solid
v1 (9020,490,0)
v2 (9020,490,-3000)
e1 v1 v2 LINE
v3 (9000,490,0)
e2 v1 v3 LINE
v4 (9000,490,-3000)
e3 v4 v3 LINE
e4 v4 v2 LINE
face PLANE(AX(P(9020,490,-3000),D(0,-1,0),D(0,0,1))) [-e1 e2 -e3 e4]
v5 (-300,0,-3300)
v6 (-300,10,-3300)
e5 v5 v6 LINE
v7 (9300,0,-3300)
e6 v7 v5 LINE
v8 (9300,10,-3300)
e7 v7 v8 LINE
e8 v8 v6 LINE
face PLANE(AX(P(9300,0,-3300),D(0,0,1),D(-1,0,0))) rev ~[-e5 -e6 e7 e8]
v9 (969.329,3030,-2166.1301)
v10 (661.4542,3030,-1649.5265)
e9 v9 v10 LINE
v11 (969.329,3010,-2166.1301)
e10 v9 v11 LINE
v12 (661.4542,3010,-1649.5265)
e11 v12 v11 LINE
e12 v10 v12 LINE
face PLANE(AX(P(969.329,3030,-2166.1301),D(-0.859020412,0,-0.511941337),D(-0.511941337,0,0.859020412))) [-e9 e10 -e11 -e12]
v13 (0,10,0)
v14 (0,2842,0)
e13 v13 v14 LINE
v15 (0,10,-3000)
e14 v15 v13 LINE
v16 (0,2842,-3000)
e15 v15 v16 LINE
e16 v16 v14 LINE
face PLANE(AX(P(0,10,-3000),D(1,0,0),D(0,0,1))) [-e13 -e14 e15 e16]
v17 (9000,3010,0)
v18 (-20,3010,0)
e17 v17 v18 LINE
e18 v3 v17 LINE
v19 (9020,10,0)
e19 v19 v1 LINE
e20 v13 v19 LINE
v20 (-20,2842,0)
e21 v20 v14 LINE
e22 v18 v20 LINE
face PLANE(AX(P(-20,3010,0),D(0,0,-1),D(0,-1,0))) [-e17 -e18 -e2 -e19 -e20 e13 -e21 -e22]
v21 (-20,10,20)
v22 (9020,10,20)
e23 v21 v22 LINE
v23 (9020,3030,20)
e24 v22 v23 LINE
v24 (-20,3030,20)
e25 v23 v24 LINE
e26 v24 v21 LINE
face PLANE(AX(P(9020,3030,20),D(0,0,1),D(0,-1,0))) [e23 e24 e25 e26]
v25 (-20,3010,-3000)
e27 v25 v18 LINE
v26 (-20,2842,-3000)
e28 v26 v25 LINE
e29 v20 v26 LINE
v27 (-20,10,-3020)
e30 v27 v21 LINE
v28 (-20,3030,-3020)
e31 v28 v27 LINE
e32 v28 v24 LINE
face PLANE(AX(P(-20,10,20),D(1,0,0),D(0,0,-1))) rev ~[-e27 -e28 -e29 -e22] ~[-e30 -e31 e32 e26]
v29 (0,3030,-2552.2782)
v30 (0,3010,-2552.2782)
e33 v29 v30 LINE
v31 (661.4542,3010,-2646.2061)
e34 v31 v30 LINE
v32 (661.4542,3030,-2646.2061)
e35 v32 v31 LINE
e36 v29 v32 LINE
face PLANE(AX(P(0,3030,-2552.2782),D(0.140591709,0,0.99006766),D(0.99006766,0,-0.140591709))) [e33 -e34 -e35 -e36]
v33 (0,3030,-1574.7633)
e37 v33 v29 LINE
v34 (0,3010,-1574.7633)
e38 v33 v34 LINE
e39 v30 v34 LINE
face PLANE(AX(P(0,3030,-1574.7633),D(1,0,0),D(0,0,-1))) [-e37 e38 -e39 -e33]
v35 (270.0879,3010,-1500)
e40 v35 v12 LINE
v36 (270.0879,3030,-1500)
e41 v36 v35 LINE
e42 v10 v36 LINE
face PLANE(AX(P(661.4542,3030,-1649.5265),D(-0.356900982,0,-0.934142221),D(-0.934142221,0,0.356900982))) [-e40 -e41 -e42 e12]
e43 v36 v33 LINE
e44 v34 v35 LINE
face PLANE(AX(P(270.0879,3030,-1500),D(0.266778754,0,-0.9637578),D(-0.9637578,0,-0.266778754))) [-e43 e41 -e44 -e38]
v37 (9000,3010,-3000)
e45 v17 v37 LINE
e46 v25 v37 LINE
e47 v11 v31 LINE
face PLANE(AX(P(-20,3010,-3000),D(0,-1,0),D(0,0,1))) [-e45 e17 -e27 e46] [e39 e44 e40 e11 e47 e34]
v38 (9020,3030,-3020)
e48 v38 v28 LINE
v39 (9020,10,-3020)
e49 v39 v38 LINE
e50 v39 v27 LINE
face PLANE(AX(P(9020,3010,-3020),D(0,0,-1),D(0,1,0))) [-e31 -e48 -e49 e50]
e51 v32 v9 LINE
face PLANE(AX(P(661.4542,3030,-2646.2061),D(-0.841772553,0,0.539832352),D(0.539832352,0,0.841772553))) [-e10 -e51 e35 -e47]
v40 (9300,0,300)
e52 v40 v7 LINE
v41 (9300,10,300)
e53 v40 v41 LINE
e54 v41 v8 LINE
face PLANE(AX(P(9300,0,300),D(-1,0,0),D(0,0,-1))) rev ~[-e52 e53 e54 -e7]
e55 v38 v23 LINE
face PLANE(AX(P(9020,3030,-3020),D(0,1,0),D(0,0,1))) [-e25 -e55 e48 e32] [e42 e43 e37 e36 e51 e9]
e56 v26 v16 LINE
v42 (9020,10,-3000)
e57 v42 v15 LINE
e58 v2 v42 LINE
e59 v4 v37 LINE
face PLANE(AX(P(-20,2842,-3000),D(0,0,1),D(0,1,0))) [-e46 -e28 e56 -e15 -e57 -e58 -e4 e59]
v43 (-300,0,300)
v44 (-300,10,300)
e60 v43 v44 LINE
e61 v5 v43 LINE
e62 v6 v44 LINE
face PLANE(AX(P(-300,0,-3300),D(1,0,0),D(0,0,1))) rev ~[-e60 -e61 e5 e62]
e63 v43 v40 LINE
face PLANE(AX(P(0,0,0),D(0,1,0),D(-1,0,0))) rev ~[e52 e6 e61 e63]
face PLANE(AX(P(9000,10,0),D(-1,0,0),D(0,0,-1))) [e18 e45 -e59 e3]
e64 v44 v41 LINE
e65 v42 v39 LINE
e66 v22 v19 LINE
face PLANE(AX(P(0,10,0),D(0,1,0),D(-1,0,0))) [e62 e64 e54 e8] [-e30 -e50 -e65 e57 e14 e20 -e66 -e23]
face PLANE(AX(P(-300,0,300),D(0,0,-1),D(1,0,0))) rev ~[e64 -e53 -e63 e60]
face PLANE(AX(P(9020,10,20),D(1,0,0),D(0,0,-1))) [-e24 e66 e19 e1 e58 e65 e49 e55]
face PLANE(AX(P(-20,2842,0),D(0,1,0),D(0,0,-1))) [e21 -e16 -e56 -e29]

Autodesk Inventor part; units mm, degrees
ref_plane "YZ Plane" through (0, 0, 0) normal (1, 0, 0) x (0, 1, 0)
ref_plane "XZ Plane" through (0, 0, 0) normal (0, 1, 0) x (-1, 0, 0)
ref_plane "XY Plane" through (0, 0, 0) normal (0, 0, 1) x (1, 0, 0)
sketch "Sketch1" plane through (0, 0, 0) normal (0, 1, 0) x (-1, 0, 0)
  line L0 (300, 300) -> (-9300, 300)
  line L1 (-9300, 300) -> (-9300, -3300)
  line L2 (-9300, -3300) -> (300, -3300)
  line L3 (300, -3300) -> (300, 300)
  point P0 (0, 0)
  dimension "d0" = 3600
  dimension "d2" = 9600
  dimension "d3" = 300
  dimension "d4" = 300
extrude "Extrusion1" add sketch "Sketch1" along normal blind 10
sketch "Sketch2" plane through (0, 10, 0) normal (0, 1, 0) x (1, 0, 0)
  line L0 (0, 0) -> (9000, 0)
  line L1 (9000, 0) -> (9000, 3000)
  line L2 (9000, 3000) -> (0, 3000)
  line L3 (0, 3000) -> (0, 0)
  line L4 (-20, -20) -> (9020, -20)
  line L5 (9020, -20) -> (9020, 3020)
  line L6 (9020, 3020) -> (-20, 3020)
  line L7 (-20, 3020) -> (-20, -20)
  dimension "d7" = 9000
  dimension "d9" = 3000
  dimension "d10" = 20
  dimension "d11" = 20
  dimension "d12" = 20
  dimension "d13" = 20
extrude "Extrusion2" add sketch "Sketch2" along normal blind 3000
sketch "Sketch3" plane through (9020, 10, 20) normal (1, 0, 0) x (0, 0, -1)
  line L0 (0, 3000) -> (3040, 3000)
  line L1 (3040, 3000) -> (3040, 3020)
  line L2 (3040, 3020) -> (0, 3020)
  line L3 (0, 3020) -> (0, 3000)
  point P0 (20, -10)
  dimension "d16" = 20
extrude "Extrusion3" add sketch "Sketch3" against normal blind 9040
sketch "Sketch4" plane through (9020, 10, 20) normal (1, 0, 0) x (0, 0, -1)
  line L0 (3040, 0) -> (0, 0) projected
  line L1 (0, 0) -> (0, 3020) projected
  line L2 (20, 0) -> (3020, 0)
  line L3 (3020, 0) -> (3020, 480)
  line L4 (3020, 480) -> (20, 480)
  line L5 (20, 480) -> (20, 0)
  point P0 (20, -10)
  dimension "d20" = 20
  dimension "d21" = 480
  dimension "d22" = 3000
extrude "Extrusion4" cut sketch "Sketch4" along normal mid plane 40
sketch "Sketch5" plane through (-20, 10, -3020) normal (-1, 0, 0) x (0, 0, 1)
  line L0 (3040, 3020) -> (0, 3020) projected
  line L1 (0, 0) -> (0, 3020) projected
  line L2 (20, 3000) -> (3020, 3000)
  line L3 (3020, 3000) -> (3020, 2832)
  line L4 (3020, 2832) -> (20, 2832)
  line L5 (20, 2832) -> (20, 3000)
  point P0 (3020, -10)
  dimension "d25" = 20
  dimension "d26" = 20
  dimension "d27" = 168
  dimension "d28" = 3000
extrude "Extrusion5" cut sketch "Sketch5" against normal blind 40
sketch "Sketch7" plane through (9020, 3030, 20) normal (0, 1, 0) x (1, 0, 0)
  line L0 (-9040, 0) -> (-9040, 3040) projected
  line L1 (-9020, 2572.2782) -> (-8358.5458, 2666.2061)
  line L2 (-8358.5458, 2666.2061) -> (-8050.671, 2186.1301)
  line L3 (-8050.671, 2186.1301) -> (-8358.5458, 1669.5265)
  line L4 (-8358.5458, 1669.5265) -> (-8749.9121, 1520)
  line L5 (-8749.9121, 1520) -> (-9020, 1594.7633)
  line L6 (-9020, 1594.7633) -> (-9020, 2572.2782)
  point P0 (-9020, 20)
extrude "Extrusion7" cut sketch "Sketch7" against normal blind 40
properties part number "Restivo_Drawing"
